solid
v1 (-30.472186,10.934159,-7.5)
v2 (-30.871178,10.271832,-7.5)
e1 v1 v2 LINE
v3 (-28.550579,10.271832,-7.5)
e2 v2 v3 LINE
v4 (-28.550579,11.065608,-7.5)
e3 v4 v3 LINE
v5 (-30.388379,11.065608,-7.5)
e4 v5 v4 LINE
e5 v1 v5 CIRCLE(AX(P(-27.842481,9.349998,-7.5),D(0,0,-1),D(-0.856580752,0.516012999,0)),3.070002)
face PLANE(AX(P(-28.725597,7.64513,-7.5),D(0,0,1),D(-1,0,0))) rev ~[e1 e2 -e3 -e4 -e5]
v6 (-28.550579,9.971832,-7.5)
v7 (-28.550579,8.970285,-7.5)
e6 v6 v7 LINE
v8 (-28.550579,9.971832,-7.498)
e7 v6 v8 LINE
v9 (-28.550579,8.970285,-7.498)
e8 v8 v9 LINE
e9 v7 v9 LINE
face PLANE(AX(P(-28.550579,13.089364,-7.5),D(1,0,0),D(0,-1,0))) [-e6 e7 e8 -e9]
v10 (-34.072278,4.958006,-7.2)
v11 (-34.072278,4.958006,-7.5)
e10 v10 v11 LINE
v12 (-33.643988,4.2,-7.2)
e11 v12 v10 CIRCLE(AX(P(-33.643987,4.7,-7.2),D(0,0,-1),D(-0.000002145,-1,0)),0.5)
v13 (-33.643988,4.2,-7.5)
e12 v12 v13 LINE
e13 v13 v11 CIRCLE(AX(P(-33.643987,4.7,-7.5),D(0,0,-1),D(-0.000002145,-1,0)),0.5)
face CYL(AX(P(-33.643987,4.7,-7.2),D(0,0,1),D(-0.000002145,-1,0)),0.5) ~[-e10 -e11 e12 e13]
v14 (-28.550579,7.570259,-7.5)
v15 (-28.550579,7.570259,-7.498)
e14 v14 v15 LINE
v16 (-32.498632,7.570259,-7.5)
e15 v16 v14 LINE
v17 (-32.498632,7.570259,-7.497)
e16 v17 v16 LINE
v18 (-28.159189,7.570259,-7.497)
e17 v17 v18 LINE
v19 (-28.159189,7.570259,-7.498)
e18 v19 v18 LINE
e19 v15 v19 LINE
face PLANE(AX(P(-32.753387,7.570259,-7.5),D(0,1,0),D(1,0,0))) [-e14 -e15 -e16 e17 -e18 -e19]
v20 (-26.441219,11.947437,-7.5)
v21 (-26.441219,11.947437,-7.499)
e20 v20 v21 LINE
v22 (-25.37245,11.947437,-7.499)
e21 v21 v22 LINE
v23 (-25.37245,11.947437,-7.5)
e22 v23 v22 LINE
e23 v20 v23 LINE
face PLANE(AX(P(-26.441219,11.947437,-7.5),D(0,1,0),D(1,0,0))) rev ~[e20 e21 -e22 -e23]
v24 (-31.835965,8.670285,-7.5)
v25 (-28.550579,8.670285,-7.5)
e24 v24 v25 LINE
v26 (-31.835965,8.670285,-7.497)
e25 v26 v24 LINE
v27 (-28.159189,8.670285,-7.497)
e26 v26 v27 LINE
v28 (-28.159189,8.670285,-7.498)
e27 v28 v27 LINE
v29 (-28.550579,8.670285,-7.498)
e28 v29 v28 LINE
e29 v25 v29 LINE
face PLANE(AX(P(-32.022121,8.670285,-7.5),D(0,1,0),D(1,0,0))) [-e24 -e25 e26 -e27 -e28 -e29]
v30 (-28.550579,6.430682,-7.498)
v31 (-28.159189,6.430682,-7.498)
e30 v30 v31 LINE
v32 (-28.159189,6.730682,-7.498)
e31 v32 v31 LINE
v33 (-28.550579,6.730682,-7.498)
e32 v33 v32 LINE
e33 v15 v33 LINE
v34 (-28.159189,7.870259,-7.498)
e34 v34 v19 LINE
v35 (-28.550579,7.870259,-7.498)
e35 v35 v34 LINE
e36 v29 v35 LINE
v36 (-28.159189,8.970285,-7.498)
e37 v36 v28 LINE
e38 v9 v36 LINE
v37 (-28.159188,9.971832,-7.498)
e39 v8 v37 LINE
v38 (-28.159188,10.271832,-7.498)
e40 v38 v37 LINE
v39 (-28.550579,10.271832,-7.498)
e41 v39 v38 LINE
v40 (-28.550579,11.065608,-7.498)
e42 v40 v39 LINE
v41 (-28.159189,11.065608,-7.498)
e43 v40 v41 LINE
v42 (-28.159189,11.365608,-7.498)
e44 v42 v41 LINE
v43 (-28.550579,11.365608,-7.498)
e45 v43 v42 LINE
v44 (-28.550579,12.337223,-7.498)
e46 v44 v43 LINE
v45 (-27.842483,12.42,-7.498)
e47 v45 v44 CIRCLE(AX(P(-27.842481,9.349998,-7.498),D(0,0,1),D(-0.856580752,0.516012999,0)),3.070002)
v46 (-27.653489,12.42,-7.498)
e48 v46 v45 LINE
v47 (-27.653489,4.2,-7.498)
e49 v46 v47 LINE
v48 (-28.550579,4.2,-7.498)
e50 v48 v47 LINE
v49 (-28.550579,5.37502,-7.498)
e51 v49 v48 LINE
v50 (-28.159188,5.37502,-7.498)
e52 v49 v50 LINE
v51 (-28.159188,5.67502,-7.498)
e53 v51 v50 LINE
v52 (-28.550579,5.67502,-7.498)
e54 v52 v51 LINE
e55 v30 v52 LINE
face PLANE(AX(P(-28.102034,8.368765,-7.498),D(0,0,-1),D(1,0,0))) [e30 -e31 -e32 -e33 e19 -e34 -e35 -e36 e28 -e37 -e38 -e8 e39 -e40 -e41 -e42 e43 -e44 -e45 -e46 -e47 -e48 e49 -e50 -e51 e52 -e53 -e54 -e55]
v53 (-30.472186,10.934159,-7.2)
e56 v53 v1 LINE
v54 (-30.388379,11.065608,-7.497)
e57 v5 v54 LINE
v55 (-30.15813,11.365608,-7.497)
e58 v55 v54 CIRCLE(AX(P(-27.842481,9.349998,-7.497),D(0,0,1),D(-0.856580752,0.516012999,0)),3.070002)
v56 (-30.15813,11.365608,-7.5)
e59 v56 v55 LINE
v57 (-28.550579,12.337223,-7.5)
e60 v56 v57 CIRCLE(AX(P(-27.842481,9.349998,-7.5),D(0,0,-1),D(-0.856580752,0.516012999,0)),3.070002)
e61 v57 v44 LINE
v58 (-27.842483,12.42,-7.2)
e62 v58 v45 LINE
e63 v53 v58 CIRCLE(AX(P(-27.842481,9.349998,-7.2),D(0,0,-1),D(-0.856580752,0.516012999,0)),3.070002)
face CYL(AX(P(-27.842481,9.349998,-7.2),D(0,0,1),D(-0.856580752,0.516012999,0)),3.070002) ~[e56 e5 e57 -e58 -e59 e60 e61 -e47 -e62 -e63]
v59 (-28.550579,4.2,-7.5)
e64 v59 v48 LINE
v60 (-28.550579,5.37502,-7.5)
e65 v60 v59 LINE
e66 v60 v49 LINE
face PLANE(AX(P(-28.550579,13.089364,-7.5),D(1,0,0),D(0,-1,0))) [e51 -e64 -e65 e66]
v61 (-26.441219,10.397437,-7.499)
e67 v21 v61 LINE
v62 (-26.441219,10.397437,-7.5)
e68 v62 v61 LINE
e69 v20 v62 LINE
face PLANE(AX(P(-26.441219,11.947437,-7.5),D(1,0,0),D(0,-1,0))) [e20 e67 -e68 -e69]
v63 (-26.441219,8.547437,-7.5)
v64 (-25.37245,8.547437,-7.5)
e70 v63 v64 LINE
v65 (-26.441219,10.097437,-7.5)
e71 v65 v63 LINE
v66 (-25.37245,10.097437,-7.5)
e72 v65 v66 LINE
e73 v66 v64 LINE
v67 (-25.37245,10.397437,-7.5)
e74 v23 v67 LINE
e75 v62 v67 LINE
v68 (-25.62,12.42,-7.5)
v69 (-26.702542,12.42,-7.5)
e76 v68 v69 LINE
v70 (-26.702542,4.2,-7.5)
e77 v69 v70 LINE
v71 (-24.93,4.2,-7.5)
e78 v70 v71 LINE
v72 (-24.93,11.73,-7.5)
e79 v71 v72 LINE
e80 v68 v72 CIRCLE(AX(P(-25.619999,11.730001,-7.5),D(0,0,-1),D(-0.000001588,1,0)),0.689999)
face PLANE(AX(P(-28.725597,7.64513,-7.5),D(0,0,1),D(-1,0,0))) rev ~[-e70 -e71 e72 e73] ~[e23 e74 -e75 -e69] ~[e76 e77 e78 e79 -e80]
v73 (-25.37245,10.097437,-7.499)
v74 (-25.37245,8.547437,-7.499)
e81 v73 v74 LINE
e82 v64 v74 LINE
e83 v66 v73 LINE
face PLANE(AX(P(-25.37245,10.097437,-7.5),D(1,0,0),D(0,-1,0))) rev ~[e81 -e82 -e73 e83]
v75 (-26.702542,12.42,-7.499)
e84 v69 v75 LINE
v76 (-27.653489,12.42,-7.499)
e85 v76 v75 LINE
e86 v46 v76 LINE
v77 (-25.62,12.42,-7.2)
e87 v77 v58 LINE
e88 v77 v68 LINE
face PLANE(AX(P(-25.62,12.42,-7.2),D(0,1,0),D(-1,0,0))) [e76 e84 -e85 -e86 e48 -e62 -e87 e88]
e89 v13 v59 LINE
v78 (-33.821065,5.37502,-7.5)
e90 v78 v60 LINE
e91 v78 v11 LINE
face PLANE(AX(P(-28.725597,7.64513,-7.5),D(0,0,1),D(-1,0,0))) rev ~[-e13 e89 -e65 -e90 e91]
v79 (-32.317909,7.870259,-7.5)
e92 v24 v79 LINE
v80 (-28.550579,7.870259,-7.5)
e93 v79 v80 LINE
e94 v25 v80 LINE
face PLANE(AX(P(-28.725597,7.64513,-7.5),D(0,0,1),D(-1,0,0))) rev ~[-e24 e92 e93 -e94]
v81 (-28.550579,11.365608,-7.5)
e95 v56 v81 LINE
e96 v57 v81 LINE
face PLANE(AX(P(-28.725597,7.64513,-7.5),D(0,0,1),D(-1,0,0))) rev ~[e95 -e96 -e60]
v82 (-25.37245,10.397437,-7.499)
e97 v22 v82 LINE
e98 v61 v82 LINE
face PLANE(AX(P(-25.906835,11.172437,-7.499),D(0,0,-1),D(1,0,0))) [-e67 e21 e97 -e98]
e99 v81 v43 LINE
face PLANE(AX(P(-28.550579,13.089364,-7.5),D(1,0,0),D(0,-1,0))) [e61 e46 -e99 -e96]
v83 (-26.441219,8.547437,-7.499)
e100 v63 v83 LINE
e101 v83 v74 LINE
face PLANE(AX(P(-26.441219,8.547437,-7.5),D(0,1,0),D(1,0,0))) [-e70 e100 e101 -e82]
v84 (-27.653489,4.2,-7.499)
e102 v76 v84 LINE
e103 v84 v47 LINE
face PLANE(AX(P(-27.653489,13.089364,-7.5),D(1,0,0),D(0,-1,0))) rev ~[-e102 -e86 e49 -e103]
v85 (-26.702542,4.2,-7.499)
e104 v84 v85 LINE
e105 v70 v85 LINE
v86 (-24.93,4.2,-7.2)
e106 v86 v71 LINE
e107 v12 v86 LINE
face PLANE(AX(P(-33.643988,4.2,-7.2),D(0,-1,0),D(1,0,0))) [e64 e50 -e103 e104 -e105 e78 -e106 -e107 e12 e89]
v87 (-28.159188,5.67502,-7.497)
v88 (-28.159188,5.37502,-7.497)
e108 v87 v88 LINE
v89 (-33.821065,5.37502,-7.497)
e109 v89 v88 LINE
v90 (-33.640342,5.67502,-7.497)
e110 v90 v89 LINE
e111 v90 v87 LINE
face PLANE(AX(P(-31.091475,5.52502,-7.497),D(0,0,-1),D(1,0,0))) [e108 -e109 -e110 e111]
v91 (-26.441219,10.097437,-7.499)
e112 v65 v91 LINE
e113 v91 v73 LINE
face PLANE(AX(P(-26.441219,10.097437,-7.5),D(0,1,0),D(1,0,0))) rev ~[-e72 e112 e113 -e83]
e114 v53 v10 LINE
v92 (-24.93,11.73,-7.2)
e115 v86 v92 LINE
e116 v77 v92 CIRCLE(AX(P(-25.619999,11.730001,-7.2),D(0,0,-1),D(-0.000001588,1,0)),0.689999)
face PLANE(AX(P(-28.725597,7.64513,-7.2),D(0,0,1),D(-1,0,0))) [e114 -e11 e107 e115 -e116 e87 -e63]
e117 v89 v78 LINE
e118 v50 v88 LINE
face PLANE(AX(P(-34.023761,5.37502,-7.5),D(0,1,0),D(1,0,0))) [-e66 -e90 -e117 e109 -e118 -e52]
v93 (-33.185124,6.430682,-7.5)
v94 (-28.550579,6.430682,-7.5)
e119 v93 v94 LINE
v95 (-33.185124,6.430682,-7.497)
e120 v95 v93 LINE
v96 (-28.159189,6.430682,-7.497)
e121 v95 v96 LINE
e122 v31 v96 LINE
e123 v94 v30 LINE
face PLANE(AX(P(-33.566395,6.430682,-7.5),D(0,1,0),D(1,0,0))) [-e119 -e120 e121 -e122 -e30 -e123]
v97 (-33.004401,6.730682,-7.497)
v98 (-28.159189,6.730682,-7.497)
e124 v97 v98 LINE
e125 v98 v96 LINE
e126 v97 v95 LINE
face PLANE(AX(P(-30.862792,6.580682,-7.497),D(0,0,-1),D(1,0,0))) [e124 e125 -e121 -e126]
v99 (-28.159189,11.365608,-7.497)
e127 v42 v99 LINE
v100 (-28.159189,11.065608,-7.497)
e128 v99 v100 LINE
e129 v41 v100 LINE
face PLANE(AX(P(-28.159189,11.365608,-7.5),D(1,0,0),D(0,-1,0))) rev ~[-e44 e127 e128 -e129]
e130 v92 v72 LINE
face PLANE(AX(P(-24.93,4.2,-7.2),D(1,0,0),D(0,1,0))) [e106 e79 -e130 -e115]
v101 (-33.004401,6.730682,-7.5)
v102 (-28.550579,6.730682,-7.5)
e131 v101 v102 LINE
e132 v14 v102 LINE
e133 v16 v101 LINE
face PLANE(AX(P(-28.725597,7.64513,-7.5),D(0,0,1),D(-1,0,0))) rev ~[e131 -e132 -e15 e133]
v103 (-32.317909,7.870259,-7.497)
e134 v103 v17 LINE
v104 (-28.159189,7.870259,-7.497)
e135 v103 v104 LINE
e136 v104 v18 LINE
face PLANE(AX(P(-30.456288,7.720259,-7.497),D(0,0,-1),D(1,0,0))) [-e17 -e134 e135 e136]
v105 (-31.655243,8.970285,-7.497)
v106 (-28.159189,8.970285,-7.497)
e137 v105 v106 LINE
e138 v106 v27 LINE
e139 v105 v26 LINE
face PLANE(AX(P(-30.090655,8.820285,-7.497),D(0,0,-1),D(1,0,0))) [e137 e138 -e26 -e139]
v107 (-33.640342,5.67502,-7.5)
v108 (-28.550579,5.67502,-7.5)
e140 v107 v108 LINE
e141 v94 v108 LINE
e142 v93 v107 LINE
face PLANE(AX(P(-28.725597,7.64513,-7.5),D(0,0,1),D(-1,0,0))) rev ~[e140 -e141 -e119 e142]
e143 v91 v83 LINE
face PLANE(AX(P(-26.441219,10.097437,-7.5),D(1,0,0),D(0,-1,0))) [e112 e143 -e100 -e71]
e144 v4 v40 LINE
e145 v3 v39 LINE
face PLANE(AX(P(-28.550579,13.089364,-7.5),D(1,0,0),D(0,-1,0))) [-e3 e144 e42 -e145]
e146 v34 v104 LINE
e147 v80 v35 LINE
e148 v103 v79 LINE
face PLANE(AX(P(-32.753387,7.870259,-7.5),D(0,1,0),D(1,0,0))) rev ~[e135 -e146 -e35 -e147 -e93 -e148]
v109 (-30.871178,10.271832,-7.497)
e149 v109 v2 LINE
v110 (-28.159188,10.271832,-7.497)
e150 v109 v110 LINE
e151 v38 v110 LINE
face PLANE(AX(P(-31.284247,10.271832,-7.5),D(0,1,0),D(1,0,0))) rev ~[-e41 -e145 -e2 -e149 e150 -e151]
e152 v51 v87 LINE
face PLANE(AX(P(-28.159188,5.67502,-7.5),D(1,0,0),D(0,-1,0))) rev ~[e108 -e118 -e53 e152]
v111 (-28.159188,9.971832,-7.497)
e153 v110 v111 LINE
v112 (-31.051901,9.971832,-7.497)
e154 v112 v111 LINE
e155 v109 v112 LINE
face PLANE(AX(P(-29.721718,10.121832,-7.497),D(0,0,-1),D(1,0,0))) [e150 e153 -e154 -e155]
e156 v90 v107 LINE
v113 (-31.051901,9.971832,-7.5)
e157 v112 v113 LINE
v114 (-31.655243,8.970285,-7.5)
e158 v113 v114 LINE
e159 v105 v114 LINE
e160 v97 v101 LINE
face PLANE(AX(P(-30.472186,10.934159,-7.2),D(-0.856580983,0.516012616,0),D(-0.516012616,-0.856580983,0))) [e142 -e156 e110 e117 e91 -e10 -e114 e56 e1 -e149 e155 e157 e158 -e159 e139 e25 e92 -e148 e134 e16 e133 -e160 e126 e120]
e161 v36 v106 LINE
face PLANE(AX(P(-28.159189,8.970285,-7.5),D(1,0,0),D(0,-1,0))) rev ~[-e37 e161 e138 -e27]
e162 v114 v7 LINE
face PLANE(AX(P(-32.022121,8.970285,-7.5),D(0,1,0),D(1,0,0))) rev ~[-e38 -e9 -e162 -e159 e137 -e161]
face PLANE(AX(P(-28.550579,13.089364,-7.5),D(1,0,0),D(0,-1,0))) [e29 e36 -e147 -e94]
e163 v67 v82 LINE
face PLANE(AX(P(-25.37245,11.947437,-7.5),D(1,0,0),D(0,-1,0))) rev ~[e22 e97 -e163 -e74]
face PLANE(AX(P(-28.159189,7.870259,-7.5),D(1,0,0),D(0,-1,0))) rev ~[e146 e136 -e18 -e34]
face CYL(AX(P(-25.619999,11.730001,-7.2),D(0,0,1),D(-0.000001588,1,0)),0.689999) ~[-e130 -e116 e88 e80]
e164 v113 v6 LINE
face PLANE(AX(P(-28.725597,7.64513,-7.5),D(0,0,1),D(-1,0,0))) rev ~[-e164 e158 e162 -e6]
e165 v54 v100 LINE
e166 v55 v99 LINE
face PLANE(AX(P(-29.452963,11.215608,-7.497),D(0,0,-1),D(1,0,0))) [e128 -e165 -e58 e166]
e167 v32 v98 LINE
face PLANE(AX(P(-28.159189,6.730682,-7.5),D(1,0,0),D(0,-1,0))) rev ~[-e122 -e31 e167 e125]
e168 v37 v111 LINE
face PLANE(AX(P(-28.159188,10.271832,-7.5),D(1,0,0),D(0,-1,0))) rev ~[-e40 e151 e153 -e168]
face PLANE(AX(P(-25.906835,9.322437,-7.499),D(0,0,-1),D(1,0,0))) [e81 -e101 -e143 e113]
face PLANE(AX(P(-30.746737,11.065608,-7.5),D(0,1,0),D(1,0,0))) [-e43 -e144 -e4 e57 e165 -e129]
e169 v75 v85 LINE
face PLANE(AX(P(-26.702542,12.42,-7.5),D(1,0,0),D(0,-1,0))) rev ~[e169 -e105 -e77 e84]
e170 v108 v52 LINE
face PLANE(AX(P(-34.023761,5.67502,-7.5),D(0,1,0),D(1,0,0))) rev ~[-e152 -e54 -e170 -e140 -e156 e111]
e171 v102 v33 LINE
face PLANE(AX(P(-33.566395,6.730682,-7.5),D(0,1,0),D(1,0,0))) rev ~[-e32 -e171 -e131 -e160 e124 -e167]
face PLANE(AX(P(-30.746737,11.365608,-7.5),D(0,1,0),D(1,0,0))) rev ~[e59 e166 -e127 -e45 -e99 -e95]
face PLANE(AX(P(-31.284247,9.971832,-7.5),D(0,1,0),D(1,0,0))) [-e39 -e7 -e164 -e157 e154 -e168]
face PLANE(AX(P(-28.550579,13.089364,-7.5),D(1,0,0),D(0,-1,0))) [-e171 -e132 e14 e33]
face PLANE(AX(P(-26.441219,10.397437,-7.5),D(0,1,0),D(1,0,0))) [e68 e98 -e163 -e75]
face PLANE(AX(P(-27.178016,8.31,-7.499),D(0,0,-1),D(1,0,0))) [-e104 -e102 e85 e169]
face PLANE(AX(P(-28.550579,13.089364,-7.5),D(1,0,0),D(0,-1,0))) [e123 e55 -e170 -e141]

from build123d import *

# Parameters (mm, degrees)
PAD004_DEPTH    = 0.3
SKETCH019_W     = 0.950947
SKETCH019_H     = 8.22
SKETCH019_W_2   = 1.068769
SKETCH019_H_2   = 1.55
POCKET013_DEPTH = 0.001
SKETCH020_W     = 0.897089
SKETCH020_H     = 9.441198
POCKET014_DEPTH = 0.002
SKETCH021_W     = 5.864573
SKETCH021_H     = 0.3
SKETCH021_W_2   = 5.407206
SKETCH021_W_3   = 4.594198
SKETCH021_W_4   = 3.862932
SKETCH021_W_5   = 3.125059
SKETCH021_W_6   = 2.587548
POCKET015_DEPTH = 0.003


with BuildPart() as part:
    # Sketch018 (on Face1 of Binder004) → Pad004 (new body)
    with BuildSketch(Plane(origin=(0, 0, -7.2), x_dir=(1, 0, 0), z_dir=(0, 0, -1))):
        with BuildLine():
            Line((-33.643988, -4.2), (-24.93, -4.2))
            Line((-24.93, -4.2), (-24.93, -11.73))
            ThreePointArc((-25.62, -12.42), (-25.132096, -12.217904), (-24.93, -11.73))
            Line((-25.62, -12.42), (-27.842483, -12.42))
            ThreePointArc((-30.472186, -10.934159), (-29.352703, -12.022851), (-27.842483, -12.42))
            Line((-30.472186, -10.934159), (-34.072278, -4.958006))
            ThreePointArc((-33.643988, -4.2), (-34.079305, -4.454036), (-34.072278, -4.958006))
        make_face()
    extrude(amount=PAD004_DEPTH)

    # Sketch019 (on Face9 of Pad004) → Pocket013 (cut)
    with BuildSketch(Plane(origin=(0, 0, -7.5), x_dir=(1, 0, 0), z_dir=(0, 0, -1))):
        with Locations((-27.178016, -8.31)):
            Rectangle(SKETCH019_W, SKETCH019_H)
        with Locations((-25.906835, -9.322437)):
            Rectangle(SKETCH019_W_2, SKETCH019_H_2)
        with Locations((-25.906835, -11.172437)):
            Rectangle(SKETCH019_W_2, SKETCH019_H_2)
    extrude(amount=-POCKET013_DEPTH, mode=Mode.SUBTRACT)

    # Sketch020 (on Face5 of Pocket013) → Pocket014 (cut)
    with BuildSketch(Plane(origin=(0, 0, -7.5), x_dir=(1, 0, 0), z_dir=(0, 0, -1))):
        with Locations((-28.102034, -8.368765)):
            Rectangle(SKETCH020_W, SKETCH020_H)
    extrude(amount=-POCKET014_DEPTH, mode=Mode.SUBTRACT)

    # Sketch021 (on Face5 of Pocket014) → Pocket015 (cut)
    with BuildSketch(Plane(origin=(0, 0, -7.5), x_dir=(1, 0, 0), z_dir=(0, 0, -1))):
        with Locations((-31.091475, -5.52502)):
            Rectangle(SKETCH021_W, SKETCH021_H)
        with Locations((-30.862792, -6.580682)):
            Rectangle(SKETCH021_W_2, SKETCH021_H)
        with Locations((-30.456288, -7.720259)):
            Rectangle(SKETCH021_W_3, SKETCH021_H)
        with Locations((-30.090655, -8.820285)):
            Rectangle(SKETCH021_W_4, SKETCH021_H)
        with Locations((-29.721718, -10.121832)):
            Rectangle(SKETCH021_W_5, SKETCH021_H)
        with Locations((-29.452963, -11.215608)):
            Rectangle(SKETCH021_W_6, SKETCH021_H)
    extrude(amount=-POCKET015_DEPTH, mode=Mode.SUBTRACT)


solid = part.part
